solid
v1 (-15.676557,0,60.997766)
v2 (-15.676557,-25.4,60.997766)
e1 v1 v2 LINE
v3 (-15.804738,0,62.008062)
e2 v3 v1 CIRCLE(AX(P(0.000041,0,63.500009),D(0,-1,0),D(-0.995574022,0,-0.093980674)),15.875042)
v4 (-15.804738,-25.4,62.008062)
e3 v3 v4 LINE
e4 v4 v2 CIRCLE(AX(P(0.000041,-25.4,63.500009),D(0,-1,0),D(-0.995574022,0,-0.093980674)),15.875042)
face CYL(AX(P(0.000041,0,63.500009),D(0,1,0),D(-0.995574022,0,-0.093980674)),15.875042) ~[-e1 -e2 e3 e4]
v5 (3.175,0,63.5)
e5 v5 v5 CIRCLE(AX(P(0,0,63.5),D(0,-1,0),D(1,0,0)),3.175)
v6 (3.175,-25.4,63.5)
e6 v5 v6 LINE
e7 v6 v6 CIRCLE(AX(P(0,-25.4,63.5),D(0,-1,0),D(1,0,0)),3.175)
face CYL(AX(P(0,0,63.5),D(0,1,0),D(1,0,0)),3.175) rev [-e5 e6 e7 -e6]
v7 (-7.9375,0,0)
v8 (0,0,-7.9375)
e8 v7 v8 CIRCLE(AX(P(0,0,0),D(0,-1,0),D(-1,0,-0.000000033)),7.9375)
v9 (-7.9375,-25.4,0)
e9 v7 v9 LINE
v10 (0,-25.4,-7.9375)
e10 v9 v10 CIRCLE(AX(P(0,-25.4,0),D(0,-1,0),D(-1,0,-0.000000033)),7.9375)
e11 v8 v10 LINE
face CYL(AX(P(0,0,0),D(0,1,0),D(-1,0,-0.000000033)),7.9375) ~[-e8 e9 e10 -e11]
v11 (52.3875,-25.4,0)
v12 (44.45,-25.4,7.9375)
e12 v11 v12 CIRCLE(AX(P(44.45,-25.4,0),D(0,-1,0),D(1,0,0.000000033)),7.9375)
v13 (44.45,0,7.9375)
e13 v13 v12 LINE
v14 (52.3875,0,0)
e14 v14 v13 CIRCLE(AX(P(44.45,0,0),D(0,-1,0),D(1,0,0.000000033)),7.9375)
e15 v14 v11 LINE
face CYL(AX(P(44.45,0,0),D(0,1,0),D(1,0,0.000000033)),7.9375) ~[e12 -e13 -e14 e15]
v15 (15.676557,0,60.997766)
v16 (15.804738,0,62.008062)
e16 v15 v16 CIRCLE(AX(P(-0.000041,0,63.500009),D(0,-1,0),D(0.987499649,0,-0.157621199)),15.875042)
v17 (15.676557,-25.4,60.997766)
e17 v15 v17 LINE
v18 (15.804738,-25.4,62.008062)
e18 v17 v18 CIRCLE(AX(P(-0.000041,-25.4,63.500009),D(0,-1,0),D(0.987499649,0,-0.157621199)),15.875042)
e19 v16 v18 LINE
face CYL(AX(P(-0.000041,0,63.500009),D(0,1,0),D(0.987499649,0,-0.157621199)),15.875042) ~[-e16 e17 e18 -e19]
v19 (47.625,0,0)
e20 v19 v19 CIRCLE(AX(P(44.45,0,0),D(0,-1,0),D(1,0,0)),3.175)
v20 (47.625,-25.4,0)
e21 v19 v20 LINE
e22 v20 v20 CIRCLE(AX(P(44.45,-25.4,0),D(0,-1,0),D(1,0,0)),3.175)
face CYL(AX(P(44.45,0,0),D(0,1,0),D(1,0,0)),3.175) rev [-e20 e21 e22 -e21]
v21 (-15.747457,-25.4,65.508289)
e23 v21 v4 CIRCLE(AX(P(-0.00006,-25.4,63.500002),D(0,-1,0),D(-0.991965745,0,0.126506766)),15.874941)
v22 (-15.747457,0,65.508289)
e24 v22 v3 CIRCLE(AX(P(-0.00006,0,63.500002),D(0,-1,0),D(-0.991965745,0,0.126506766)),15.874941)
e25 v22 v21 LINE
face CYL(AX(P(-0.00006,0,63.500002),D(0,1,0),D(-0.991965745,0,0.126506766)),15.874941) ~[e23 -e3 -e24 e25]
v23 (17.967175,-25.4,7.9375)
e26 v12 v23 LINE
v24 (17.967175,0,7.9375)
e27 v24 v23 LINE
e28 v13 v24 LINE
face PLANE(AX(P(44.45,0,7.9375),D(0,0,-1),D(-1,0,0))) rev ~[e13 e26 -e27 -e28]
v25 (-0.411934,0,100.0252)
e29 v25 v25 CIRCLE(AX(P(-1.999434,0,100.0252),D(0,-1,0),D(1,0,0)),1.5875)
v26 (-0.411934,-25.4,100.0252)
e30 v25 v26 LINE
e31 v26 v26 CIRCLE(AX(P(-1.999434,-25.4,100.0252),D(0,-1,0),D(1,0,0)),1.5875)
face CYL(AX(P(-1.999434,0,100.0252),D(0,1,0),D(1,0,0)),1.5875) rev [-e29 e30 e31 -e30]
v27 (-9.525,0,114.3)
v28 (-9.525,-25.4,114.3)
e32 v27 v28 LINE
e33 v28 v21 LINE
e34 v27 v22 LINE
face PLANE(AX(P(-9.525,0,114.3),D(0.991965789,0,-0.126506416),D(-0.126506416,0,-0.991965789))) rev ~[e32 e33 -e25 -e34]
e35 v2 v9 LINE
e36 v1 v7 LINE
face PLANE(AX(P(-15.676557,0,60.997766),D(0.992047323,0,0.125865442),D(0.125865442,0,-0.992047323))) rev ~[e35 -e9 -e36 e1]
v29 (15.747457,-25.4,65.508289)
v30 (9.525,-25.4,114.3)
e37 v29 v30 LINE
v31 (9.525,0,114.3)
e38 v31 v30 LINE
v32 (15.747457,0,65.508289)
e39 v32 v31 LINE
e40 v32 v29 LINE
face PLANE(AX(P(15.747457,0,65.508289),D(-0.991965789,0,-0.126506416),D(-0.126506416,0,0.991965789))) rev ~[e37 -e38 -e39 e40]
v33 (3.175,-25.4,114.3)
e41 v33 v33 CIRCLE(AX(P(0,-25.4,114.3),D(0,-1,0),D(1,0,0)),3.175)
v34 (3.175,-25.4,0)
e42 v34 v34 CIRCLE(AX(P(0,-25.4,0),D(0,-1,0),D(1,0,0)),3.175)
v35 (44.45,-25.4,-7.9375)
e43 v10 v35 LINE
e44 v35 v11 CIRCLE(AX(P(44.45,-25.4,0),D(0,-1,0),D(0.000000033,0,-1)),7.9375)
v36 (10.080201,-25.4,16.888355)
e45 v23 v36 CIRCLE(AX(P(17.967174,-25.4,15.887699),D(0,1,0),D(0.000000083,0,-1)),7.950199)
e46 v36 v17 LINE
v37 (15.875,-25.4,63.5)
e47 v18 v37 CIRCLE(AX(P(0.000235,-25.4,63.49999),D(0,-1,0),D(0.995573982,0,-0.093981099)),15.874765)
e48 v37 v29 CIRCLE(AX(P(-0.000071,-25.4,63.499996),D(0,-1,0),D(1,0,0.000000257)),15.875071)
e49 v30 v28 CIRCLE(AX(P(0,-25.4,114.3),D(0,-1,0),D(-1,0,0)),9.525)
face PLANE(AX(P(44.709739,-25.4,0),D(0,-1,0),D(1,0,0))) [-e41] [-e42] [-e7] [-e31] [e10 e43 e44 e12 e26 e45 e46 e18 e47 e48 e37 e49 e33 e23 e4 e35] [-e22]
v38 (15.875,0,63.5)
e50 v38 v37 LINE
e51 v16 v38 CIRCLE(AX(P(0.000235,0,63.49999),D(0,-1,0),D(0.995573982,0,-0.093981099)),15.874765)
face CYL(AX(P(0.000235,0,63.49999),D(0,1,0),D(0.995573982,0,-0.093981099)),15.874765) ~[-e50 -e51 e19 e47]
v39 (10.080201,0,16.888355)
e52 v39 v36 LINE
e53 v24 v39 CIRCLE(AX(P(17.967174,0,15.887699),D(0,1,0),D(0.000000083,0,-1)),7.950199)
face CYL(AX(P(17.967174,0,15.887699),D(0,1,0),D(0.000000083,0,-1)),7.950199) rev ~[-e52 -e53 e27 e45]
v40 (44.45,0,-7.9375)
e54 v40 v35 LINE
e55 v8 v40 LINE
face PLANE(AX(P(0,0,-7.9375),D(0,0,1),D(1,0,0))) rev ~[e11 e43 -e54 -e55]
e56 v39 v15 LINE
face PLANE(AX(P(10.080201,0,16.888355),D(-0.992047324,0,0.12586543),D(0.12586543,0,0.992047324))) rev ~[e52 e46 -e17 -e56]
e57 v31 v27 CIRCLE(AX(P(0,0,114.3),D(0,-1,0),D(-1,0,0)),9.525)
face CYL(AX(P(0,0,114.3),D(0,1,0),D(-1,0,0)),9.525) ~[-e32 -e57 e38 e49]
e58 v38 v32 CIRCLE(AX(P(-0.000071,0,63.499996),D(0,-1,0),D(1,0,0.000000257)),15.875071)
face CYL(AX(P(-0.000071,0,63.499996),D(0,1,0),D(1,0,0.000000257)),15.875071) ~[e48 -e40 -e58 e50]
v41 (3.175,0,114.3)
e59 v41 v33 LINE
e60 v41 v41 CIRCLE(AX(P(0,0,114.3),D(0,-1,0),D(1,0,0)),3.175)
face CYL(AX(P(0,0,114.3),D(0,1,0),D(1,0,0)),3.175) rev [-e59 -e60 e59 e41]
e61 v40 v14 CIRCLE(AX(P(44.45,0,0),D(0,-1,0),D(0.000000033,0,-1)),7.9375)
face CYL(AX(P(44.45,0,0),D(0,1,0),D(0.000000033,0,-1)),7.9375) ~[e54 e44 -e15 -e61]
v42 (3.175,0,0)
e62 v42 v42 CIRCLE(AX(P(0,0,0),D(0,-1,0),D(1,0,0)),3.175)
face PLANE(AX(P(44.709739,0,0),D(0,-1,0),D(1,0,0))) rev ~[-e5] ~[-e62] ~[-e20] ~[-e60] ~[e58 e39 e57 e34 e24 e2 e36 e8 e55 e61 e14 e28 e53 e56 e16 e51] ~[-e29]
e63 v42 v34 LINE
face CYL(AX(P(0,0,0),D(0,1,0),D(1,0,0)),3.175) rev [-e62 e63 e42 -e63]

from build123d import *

# Parameters (mm, degrees)
F0_R     = 3.175
F0_R_2   = 1.5875
F1_DEPTH = 25.4


with BuildPart() as f1:
    # F0 (on Front) → F1 (new body)
    with BuildSketch(Plane.XZ):
        with BuildLine():
            ThreePointArc((44.45, -7.9375), (50.06266, -5.61266), (52.3875, 0))
            ThreePointArc((52.3875, 0), (50.06266, 5.61266), (44.45, 7.9375))
            ThreePointArc((44.45, 7.9375), (36.5125, 0), (44.45, -7.9375))
        make_face()
        with Locations((44.45, 0)):
            Circle(F0_R, mode=Mode.SUBTRACT)
        with BuildLine():
            ThreePointArc((44.45, -7.9375), (36.5125, 0), (44.45, 7.9375))
            Line((44.45, 7.9375), (17.967175, 7.9375))
            ThreePointArc((17.967175, 7.9375), (12.002232, 10.631738), (10.080201, 16.888355))
            Line((10.080201, 16.888355), (15.676557, 60.997766))
            ThreePointArc((15.676557, 60.997766), (0, 47.625), (-15.676557, 60.997766))
            Line((-15.676557, 60.997766), (-7.9375, 0))
            ThreePointArc((-7.9375, 0), (0, 7.9375), (7.9375, 0))
            ThreePointArc((7.9375, 0), (5.61266, -5.61266), (0, -7.9375))
            Line((0, -7.9375), (44.45, -7.9375))
        make_face()
        with BuildLine():
            ThreePointArc((-7.9375, 0), (-5.61266, -5.61266), (0, -7.9375))
            ThreePointArc((0, -7.9375), (5.61266, -5.61266), (7.9375, 0))
            ThreePointArc((7.9375, 0), (0, 7.9375), (-7.9375, 0))
        make_face()
        Circle(F0_R, mode=Mode.SUBTRACT)
        with BuildLine():
            Line((15.804738, 62.008062), (15.676557, 60.997766))
            ThreePointArc((15.676557, 60.997766), (15.748751, 61.501886), (15.804738, 62.008062))
        make_face()
        with BuildLine():
            ThreePointArc((-15.676557, 60.997766), (0, 47.625), (15.676557, 60.997766))
            Line((15.676557, 60.997766), (15.804738, 62.008062))
            ThreePointArc((15.804738, 62.008062), (15.857425, 62.753204), (15.875, 63.5))
            ThreePointArc((15.875, 63.5), (15.843082, 64.506168), (15.747457, 65.508289))
            ThreePointArc((15.747457, 65.508289), (0, 79.375), (-15.747457, 65.508289))
            ThreePointArc((-15.747457, 65.508289), (-15.872875, 63.75976), (-15.804738, 62.008062))
            Line((-15.804738, 62.008062), (-15.676557, 60.997766))
        make_face()
        with Locations((0, 63.5)):
            Circle(F0_R, mode=Mode.SUBTRACT)
        with BuildLine():
            ThreePointArc((-15.804738, 62.008062), (-15.748751, 61.501886), (-15.676557, 60.997766))
            Line((-15.676557, 60.997766), (-15.804738, 62.008062))
        make_face()
        with BuildLine():
            Line((-9.525, 114.3), (-15.747457, 65.508289))
            ThreePointArc((-15.747457, 65.508289), (0, 79.375), (15.747457, 65.508289))
            Line((15.747457, 65.508289), (9.525, 114.3))
            ThreePointArc((9.525, 114.3), (0, 104.775), (-9.525, 114.3))
        make_face()
        with Locations((-1.999434, 100.0252)):
            Circle(F0_R_2, mode=Mode.SUBTRACT)
        with BuildLine():
            ThreePointArc((9.525, 114.3), (0, 123.825), (-9.525, 114.3))
            ThreePointArc((-9.525, 114.3), (0, 104.775), (9.525, 114.3))
        make_face()
        with Locations((0, 114.3)):
            Circle(F0_R, mode=Mode.SUBTRACT)
    extrude(amount=F1_DEPTH)


solid = f1.part
